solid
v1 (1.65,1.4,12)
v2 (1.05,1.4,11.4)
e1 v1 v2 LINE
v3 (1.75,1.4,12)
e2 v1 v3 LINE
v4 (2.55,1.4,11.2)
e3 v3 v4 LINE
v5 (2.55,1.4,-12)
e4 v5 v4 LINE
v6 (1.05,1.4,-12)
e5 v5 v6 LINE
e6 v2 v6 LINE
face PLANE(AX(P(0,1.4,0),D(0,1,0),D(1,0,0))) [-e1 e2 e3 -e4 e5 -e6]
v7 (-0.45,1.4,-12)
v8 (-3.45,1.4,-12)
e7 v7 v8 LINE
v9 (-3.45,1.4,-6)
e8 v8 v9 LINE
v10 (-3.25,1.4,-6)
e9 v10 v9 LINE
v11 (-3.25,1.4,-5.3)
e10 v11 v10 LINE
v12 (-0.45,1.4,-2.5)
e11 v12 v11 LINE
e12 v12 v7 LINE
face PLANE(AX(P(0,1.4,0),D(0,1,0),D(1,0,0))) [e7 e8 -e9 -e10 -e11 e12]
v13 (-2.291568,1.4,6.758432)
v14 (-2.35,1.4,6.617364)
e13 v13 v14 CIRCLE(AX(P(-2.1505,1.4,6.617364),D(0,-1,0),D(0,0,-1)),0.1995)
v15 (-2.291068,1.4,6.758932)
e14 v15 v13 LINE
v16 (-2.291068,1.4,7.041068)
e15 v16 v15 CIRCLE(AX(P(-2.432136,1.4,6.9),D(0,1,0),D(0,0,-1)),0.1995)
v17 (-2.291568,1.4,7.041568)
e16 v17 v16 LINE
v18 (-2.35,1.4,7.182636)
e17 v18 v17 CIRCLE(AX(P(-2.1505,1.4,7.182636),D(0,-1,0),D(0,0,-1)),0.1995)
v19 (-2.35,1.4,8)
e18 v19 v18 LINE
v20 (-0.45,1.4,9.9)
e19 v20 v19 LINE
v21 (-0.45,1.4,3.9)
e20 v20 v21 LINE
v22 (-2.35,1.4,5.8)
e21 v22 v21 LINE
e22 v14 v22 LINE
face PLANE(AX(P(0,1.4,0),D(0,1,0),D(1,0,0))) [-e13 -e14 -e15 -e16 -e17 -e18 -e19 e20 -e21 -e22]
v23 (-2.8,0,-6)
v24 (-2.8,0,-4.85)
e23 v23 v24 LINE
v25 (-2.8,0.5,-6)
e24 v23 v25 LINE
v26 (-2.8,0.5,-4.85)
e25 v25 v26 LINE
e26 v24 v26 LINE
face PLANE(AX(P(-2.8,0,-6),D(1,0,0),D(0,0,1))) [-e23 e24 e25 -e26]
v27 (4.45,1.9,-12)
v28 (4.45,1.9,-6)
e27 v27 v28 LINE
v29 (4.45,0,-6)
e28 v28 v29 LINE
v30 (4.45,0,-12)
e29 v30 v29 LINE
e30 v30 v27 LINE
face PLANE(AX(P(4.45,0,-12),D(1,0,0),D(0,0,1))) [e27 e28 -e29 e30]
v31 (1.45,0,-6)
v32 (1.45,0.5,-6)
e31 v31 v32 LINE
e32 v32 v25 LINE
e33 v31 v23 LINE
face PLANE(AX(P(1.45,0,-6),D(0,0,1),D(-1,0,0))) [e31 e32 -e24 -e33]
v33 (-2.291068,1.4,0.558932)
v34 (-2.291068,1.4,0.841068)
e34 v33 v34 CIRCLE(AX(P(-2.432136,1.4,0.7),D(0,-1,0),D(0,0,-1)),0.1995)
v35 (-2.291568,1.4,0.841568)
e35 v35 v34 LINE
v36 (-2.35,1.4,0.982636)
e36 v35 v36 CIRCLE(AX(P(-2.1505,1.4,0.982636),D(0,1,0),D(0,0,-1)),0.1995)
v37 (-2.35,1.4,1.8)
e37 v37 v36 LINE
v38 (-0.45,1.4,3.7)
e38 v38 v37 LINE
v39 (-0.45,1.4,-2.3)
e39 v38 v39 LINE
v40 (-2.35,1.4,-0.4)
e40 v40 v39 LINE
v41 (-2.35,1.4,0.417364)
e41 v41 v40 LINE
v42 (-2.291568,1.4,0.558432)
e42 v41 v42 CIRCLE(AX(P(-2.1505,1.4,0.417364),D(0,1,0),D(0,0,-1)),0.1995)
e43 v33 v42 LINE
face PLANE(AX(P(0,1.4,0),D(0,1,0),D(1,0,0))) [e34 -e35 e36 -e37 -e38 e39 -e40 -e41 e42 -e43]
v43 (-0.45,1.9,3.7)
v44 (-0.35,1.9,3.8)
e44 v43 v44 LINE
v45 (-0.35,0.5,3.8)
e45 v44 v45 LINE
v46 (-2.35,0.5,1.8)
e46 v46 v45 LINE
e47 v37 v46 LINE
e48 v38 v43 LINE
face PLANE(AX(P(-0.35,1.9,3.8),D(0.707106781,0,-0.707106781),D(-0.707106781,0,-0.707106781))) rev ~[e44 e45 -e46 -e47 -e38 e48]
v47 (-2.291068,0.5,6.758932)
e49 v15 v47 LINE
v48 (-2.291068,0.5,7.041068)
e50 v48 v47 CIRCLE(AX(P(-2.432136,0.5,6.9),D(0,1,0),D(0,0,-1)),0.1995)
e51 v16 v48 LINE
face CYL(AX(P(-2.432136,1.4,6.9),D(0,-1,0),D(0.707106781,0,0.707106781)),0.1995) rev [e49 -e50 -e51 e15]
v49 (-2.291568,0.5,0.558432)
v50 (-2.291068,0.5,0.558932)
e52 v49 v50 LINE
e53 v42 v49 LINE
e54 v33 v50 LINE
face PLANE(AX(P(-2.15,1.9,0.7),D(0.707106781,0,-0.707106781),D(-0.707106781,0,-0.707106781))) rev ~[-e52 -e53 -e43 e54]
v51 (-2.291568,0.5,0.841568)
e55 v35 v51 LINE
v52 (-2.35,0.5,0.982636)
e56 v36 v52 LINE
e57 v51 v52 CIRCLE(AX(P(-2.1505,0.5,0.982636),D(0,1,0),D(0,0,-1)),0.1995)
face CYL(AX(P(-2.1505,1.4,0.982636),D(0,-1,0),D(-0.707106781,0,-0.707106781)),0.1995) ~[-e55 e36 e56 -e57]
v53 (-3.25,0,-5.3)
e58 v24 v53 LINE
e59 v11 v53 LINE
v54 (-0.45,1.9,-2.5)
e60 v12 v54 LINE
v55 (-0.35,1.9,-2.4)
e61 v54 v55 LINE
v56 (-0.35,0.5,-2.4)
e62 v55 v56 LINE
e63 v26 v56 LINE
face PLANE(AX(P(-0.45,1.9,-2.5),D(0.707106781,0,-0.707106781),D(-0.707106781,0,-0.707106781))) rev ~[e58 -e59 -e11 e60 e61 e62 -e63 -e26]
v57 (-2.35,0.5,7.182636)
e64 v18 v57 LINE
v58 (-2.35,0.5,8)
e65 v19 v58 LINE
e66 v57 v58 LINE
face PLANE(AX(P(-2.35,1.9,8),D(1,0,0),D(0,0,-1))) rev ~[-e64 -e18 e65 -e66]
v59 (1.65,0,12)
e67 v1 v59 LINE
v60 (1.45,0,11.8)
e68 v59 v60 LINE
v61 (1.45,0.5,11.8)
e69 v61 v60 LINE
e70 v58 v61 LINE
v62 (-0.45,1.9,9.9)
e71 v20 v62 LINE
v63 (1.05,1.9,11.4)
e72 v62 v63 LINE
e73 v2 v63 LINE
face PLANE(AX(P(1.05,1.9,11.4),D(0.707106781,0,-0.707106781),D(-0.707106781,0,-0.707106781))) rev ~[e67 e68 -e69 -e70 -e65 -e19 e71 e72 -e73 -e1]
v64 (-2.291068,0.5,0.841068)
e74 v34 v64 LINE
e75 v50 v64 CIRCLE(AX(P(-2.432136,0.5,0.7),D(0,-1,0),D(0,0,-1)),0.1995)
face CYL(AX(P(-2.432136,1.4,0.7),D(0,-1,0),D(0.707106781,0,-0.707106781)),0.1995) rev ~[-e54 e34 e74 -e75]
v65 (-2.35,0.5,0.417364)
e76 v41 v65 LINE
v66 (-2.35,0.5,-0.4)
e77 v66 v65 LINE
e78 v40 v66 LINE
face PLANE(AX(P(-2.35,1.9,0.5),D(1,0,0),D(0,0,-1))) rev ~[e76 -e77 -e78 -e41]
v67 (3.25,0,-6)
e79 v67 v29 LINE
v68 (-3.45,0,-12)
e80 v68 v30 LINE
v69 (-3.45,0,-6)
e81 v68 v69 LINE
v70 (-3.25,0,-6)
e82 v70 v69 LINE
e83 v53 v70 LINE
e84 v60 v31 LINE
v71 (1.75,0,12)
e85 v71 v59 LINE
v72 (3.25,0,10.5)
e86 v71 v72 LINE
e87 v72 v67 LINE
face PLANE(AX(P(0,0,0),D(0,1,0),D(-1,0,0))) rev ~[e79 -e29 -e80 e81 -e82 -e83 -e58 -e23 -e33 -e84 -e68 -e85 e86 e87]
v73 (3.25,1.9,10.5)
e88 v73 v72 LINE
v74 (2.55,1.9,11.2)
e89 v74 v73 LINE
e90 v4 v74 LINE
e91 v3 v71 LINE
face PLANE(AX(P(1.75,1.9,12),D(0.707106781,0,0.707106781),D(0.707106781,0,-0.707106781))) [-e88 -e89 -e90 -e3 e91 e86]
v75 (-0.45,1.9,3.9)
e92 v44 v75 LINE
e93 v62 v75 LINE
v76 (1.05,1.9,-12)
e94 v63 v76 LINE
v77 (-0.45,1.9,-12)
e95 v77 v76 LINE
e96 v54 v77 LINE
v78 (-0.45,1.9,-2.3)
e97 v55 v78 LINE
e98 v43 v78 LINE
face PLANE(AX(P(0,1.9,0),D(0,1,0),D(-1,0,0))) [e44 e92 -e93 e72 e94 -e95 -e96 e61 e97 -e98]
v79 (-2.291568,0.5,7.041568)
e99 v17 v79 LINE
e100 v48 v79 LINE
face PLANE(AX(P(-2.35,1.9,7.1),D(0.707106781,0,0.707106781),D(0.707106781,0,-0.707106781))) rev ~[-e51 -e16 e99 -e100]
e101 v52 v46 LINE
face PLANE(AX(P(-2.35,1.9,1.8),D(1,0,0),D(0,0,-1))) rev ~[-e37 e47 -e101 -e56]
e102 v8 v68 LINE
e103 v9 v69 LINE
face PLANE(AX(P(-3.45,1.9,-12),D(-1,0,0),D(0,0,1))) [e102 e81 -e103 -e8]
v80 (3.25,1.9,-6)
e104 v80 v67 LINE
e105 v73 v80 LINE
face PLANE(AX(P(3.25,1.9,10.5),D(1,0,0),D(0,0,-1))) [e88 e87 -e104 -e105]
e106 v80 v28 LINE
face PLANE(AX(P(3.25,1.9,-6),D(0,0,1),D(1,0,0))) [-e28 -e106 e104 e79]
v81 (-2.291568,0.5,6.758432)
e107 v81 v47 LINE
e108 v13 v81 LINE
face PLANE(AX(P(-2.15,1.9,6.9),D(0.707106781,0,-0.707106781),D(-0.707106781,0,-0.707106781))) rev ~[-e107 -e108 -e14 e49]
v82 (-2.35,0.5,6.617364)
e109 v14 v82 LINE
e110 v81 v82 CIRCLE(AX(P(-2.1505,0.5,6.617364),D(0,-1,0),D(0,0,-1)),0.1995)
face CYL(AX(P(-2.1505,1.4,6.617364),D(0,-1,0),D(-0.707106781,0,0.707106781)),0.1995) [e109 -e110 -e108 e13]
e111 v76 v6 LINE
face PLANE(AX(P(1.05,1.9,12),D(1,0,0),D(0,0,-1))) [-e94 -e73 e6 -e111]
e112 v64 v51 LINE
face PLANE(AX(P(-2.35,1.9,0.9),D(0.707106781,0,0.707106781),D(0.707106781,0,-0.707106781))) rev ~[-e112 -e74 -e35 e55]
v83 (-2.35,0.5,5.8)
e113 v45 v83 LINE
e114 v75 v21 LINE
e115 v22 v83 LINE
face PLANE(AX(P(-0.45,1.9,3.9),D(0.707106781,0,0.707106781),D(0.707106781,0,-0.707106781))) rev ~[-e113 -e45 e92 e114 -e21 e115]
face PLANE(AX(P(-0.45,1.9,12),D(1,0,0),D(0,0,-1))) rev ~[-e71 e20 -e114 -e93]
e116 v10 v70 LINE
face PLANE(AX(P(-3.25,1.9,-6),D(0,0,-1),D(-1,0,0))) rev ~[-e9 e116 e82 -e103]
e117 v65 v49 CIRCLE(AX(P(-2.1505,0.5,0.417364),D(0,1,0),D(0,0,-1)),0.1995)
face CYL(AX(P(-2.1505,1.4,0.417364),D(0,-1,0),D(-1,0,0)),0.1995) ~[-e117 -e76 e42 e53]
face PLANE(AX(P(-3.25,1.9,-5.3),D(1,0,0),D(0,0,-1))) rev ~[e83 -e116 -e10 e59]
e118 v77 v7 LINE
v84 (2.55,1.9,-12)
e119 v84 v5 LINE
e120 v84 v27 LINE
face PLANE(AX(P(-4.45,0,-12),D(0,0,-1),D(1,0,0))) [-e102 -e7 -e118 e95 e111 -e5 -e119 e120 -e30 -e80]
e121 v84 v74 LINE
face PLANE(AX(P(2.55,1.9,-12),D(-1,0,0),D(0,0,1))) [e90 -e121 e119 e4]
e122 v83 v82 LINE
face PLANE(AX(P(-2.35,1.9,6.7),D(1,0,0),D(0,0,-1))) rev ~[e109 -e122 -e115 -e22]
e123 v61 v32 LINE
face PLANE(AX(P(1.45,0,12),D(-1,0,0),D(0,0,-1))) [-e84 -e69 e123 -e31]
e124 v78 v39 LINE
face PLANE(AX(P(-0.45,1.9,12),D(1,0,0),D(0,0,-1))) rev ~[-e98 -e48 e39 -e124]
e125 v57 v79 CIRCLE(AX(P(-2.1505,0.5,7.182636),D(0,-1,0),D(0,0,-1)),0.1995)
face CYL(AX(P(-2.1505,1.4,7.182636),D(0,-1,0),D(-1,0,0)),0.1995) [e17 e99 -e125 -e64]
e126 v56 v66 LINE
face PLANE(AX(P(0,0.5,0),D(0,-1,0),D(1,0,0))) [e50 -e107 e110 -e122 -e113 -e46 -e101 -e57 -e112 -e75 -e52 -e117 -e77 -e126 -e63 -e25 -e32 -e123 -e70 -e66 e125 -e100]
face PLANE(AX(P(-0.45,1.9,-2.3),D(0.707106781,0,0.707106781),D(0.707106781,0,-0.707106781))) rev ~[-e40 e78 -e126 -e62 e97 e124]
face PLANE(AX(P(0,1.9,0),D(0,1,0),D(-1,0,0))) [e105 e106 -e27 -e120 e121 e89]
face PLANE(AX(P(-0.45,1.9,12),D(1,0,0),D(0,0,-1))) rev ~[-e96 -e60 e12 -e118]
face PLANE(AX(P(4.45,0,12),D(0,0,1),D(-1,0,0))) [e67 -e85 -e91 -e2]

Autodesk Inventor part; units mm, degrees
ref_plane "YZ Plane" through (0, 0, 0) normal (1, 0, 0) x (0, 1, 0)
ref_plane "XZ Plane" through (0, 0, 0) normal (0, 1, 0) x (-1, 0, 0)
ref_plane "XY Plane" through (0, 0, 0) normal (0, 0, 1) x (1, 0, 0)
sketch "スケッチ1" plane through (0, 0, 0) normal (0, 1, 0) x (-1, 0, 0)
  line L0 (-4.45, 12) -> (4.45, 12)
  line L1 (4.45, 12) -> (4.45, -12)
  line L2 (4.45, -12) -> (-4.45, -12)
  line L3 (-4.45, -12) -> (-4.45, 12)
  point P0 (0, 0)
  dimension "d0" = 8.9
  dimension "d2" = 24
  dimension "d3" = 4.45
  dimension "d4" = 12
extrude "押し出し1" add sketch "スケッチ1" along normal blind 1.9
sketch "スケッチ4" plane through (0, 0, 0) normal (0, -1, 0) x (1, 0, 0)
  line L0 (4.45, 12) -> (-4.45, 12) projected
  line L1 (-4.45, -12) -> (4.45, -12) projected
  line L2 (4.45, -12) -> (4.45, 12) projected
  line L3 (-2.8, 12) -> (1.45, 12)
  line L4 (1.45, 12) -> (1.45, -6)
  line L5 (1.45, -6) -> (-2.8, -6)
  line L6 (-2.8, -6) -> (-2.8, 12)
  point P0 (0, 0)
  dimension "d39" = 6
  dimension "d40" = 4.25
  dimension "d41" = 3
extrude "押し出し3" cut sketch "スケッチ4" against normal blind 0.5
sketch "スケッチ3" plane through (0, 1.9, 0) normal (0, 1, 0) x (1, 0, 0)
  line L0 (-4.45, -12) -> (4.45, -12) projected
  line L1 (4.45, 12) -> (-4.45, 12) projected
  line L2 (-4.45, 12) -> (-4.45, -12) projected
  line L3 (-3.45, -12) -> (-0.45, -12)
  line L4 (-0.45, -12) -> (-0.45, 12)
  line L5 (-0.45, 12) -> (-3.45, 12)
  line L6 (-3.45, 12) -> (-3.45, -12)
  line L7 (1.05, 12) -> (2.55, 12)
  line L8 (2.55, 12) -> (2.55, -12)
  line L9 (2.55, -12) -> (1.05, -12)
  line L10 (1.05, -12) -> (1.05, 12)
  point P0 (0, 0)
  dimension "d35" = 1
  dimension "d36" = 3
  dimension "d37" = 1.5
  dimension "d38" = 1.5
extrude "押し出し4" cut sketch "スケッチ3" against normal blind 0.5 contours L6 L1 L4 L0 | L10 L1 L8 L0
sketch "スケッチ2" plane through (0, 1.9, 0) normal (0, 1, 0) x (1, 0, 0)
  line L0 (-4.45, -12) -> (4.45, -12) projected
  line L1 (4.45, 12) -> (-4.45, 12) projected
  line L2 (-4.45, 12) -> (-4.45, -12) projected
  line L3 (-4.45, -12) -> (-3.25, -12)
  line L4 (-3.25, -12) -> (-3.25, 6)
  line L5 (-3.25, 6) -> (-4.45, 6)
  line L6 (-4.45, 6) -> (-4.45, -12)
  line L7 (4.45, -12) -> (3.25, -12)
  line L8 (3.25, -12) -> (3.25, 6)
  line L9 (3.25, 6) -> (4.45, 6)
  line L10 (4.45, 6) -> (4.45, -12)
  line L11 (1.75, -12) -> (3.25, -10.5)
  line L12 (-2.35, -12) -> (-2.35, 6)
  line L13 (-2.35, 6) -> (-3.25, 6)
  line L14 (1.65, -12) -> (-2.35, -8)
  line L15 (-2.35, -7.1) -> (-2.15, -6.9)
  line L16 (-2.15, -6.9) -> (-2.35, -6.7)
  line L17 (-2.35, -5.8) -> (-0.35, -3.8)
  line L18 (-0.35, -3.8) -> (-2.35, -1.8)
  line L19 (-2.35, -0.9) -> (-2.15, -0.7)
  line L20 (-2.15, -0.7) -> (-2.35, -0.5)
  line L21 (-2.35, 0.4) -> (-0.35, 2.4)
  line L22 (-0.35, 2.4) -> (-3.25, 5.3)
  line L23 (1.65, -12) -> (1.75, -12)
  line L24 (2.55, -12) -> (2.55, 12) projected
  line L25 (2.55, 12) -> (4.45, 12) projected
  line L26 (4.45, 12) -> (4.45, -12) projected
  line L27 (4.45, -12) -> (2.55, -12) projected
  line L28 (-0.45, -12) -> (-0.45, 12) projected
  line L29 (-0.45, 12) -> (1.05, 12) projected
  line L30 (1.05, 12) -> (1.05, -12) projected
  line L31 (1.05, -12) -> (-0.45, -12) projected
  line L32 (-3.45, 12) -> (-3.45, -12) projected
  line L33 (-3.45, -12) -> (-4.45, -12) projected
  line L34 (-4.45, -12) -> (-4.45, 12) projected
  line L35 (-4.45, 12) -> (-3.45, 12) projected
  point P0 (0, 0)
  dimension "d7" = 6.5
  dimension "d9" = 1.2
  dimension "d10" = 6
  dimension "d11" = 6
  dimension "d12" = 1.5
  dimension "d13" = 1.5
  dimension "d20" = 5.6
  dimension "d22" = 4
  dimension "d23" = 4
  dimension "d24" = 0.2
  dimension "d25" = 0.9
  dimension "d26" = 0.9
  dimension "d27" = 2
  dimension "d28" = 0.2
  dimension "d29" = 0.9
  dimension "d30" = 2
  dimension "d31" = 0.9
  dimension "d32" = 135
extrude "押し出し5" cut sketch "スケッチ2" against normal blind 2 contours L32 L1 L28 L22 L12 L13 L5 | L4 L13 L12 L22 | L12 L15 L16 L17 L28 L14 | L1 L30 L14 L28 L17 L18 L21 L22 | L21 L28 L18 L12 L19 L20 | L1 L24 L11 L0 L14 L30 | L1 L26 L9 L8 L11 L24 keep common part
fillet "フィレット1" radius 0.2 6 edges at (-2.15, 0.95, 0.7) (-2.15, 0.95, 6.9) (-2.35, 0.95, 0.5) (-2.35, 0.95, 0.9) (-2.35, 0.95, 6.7) (-2.35, 0.95, 7.1)
properties part number "key"
